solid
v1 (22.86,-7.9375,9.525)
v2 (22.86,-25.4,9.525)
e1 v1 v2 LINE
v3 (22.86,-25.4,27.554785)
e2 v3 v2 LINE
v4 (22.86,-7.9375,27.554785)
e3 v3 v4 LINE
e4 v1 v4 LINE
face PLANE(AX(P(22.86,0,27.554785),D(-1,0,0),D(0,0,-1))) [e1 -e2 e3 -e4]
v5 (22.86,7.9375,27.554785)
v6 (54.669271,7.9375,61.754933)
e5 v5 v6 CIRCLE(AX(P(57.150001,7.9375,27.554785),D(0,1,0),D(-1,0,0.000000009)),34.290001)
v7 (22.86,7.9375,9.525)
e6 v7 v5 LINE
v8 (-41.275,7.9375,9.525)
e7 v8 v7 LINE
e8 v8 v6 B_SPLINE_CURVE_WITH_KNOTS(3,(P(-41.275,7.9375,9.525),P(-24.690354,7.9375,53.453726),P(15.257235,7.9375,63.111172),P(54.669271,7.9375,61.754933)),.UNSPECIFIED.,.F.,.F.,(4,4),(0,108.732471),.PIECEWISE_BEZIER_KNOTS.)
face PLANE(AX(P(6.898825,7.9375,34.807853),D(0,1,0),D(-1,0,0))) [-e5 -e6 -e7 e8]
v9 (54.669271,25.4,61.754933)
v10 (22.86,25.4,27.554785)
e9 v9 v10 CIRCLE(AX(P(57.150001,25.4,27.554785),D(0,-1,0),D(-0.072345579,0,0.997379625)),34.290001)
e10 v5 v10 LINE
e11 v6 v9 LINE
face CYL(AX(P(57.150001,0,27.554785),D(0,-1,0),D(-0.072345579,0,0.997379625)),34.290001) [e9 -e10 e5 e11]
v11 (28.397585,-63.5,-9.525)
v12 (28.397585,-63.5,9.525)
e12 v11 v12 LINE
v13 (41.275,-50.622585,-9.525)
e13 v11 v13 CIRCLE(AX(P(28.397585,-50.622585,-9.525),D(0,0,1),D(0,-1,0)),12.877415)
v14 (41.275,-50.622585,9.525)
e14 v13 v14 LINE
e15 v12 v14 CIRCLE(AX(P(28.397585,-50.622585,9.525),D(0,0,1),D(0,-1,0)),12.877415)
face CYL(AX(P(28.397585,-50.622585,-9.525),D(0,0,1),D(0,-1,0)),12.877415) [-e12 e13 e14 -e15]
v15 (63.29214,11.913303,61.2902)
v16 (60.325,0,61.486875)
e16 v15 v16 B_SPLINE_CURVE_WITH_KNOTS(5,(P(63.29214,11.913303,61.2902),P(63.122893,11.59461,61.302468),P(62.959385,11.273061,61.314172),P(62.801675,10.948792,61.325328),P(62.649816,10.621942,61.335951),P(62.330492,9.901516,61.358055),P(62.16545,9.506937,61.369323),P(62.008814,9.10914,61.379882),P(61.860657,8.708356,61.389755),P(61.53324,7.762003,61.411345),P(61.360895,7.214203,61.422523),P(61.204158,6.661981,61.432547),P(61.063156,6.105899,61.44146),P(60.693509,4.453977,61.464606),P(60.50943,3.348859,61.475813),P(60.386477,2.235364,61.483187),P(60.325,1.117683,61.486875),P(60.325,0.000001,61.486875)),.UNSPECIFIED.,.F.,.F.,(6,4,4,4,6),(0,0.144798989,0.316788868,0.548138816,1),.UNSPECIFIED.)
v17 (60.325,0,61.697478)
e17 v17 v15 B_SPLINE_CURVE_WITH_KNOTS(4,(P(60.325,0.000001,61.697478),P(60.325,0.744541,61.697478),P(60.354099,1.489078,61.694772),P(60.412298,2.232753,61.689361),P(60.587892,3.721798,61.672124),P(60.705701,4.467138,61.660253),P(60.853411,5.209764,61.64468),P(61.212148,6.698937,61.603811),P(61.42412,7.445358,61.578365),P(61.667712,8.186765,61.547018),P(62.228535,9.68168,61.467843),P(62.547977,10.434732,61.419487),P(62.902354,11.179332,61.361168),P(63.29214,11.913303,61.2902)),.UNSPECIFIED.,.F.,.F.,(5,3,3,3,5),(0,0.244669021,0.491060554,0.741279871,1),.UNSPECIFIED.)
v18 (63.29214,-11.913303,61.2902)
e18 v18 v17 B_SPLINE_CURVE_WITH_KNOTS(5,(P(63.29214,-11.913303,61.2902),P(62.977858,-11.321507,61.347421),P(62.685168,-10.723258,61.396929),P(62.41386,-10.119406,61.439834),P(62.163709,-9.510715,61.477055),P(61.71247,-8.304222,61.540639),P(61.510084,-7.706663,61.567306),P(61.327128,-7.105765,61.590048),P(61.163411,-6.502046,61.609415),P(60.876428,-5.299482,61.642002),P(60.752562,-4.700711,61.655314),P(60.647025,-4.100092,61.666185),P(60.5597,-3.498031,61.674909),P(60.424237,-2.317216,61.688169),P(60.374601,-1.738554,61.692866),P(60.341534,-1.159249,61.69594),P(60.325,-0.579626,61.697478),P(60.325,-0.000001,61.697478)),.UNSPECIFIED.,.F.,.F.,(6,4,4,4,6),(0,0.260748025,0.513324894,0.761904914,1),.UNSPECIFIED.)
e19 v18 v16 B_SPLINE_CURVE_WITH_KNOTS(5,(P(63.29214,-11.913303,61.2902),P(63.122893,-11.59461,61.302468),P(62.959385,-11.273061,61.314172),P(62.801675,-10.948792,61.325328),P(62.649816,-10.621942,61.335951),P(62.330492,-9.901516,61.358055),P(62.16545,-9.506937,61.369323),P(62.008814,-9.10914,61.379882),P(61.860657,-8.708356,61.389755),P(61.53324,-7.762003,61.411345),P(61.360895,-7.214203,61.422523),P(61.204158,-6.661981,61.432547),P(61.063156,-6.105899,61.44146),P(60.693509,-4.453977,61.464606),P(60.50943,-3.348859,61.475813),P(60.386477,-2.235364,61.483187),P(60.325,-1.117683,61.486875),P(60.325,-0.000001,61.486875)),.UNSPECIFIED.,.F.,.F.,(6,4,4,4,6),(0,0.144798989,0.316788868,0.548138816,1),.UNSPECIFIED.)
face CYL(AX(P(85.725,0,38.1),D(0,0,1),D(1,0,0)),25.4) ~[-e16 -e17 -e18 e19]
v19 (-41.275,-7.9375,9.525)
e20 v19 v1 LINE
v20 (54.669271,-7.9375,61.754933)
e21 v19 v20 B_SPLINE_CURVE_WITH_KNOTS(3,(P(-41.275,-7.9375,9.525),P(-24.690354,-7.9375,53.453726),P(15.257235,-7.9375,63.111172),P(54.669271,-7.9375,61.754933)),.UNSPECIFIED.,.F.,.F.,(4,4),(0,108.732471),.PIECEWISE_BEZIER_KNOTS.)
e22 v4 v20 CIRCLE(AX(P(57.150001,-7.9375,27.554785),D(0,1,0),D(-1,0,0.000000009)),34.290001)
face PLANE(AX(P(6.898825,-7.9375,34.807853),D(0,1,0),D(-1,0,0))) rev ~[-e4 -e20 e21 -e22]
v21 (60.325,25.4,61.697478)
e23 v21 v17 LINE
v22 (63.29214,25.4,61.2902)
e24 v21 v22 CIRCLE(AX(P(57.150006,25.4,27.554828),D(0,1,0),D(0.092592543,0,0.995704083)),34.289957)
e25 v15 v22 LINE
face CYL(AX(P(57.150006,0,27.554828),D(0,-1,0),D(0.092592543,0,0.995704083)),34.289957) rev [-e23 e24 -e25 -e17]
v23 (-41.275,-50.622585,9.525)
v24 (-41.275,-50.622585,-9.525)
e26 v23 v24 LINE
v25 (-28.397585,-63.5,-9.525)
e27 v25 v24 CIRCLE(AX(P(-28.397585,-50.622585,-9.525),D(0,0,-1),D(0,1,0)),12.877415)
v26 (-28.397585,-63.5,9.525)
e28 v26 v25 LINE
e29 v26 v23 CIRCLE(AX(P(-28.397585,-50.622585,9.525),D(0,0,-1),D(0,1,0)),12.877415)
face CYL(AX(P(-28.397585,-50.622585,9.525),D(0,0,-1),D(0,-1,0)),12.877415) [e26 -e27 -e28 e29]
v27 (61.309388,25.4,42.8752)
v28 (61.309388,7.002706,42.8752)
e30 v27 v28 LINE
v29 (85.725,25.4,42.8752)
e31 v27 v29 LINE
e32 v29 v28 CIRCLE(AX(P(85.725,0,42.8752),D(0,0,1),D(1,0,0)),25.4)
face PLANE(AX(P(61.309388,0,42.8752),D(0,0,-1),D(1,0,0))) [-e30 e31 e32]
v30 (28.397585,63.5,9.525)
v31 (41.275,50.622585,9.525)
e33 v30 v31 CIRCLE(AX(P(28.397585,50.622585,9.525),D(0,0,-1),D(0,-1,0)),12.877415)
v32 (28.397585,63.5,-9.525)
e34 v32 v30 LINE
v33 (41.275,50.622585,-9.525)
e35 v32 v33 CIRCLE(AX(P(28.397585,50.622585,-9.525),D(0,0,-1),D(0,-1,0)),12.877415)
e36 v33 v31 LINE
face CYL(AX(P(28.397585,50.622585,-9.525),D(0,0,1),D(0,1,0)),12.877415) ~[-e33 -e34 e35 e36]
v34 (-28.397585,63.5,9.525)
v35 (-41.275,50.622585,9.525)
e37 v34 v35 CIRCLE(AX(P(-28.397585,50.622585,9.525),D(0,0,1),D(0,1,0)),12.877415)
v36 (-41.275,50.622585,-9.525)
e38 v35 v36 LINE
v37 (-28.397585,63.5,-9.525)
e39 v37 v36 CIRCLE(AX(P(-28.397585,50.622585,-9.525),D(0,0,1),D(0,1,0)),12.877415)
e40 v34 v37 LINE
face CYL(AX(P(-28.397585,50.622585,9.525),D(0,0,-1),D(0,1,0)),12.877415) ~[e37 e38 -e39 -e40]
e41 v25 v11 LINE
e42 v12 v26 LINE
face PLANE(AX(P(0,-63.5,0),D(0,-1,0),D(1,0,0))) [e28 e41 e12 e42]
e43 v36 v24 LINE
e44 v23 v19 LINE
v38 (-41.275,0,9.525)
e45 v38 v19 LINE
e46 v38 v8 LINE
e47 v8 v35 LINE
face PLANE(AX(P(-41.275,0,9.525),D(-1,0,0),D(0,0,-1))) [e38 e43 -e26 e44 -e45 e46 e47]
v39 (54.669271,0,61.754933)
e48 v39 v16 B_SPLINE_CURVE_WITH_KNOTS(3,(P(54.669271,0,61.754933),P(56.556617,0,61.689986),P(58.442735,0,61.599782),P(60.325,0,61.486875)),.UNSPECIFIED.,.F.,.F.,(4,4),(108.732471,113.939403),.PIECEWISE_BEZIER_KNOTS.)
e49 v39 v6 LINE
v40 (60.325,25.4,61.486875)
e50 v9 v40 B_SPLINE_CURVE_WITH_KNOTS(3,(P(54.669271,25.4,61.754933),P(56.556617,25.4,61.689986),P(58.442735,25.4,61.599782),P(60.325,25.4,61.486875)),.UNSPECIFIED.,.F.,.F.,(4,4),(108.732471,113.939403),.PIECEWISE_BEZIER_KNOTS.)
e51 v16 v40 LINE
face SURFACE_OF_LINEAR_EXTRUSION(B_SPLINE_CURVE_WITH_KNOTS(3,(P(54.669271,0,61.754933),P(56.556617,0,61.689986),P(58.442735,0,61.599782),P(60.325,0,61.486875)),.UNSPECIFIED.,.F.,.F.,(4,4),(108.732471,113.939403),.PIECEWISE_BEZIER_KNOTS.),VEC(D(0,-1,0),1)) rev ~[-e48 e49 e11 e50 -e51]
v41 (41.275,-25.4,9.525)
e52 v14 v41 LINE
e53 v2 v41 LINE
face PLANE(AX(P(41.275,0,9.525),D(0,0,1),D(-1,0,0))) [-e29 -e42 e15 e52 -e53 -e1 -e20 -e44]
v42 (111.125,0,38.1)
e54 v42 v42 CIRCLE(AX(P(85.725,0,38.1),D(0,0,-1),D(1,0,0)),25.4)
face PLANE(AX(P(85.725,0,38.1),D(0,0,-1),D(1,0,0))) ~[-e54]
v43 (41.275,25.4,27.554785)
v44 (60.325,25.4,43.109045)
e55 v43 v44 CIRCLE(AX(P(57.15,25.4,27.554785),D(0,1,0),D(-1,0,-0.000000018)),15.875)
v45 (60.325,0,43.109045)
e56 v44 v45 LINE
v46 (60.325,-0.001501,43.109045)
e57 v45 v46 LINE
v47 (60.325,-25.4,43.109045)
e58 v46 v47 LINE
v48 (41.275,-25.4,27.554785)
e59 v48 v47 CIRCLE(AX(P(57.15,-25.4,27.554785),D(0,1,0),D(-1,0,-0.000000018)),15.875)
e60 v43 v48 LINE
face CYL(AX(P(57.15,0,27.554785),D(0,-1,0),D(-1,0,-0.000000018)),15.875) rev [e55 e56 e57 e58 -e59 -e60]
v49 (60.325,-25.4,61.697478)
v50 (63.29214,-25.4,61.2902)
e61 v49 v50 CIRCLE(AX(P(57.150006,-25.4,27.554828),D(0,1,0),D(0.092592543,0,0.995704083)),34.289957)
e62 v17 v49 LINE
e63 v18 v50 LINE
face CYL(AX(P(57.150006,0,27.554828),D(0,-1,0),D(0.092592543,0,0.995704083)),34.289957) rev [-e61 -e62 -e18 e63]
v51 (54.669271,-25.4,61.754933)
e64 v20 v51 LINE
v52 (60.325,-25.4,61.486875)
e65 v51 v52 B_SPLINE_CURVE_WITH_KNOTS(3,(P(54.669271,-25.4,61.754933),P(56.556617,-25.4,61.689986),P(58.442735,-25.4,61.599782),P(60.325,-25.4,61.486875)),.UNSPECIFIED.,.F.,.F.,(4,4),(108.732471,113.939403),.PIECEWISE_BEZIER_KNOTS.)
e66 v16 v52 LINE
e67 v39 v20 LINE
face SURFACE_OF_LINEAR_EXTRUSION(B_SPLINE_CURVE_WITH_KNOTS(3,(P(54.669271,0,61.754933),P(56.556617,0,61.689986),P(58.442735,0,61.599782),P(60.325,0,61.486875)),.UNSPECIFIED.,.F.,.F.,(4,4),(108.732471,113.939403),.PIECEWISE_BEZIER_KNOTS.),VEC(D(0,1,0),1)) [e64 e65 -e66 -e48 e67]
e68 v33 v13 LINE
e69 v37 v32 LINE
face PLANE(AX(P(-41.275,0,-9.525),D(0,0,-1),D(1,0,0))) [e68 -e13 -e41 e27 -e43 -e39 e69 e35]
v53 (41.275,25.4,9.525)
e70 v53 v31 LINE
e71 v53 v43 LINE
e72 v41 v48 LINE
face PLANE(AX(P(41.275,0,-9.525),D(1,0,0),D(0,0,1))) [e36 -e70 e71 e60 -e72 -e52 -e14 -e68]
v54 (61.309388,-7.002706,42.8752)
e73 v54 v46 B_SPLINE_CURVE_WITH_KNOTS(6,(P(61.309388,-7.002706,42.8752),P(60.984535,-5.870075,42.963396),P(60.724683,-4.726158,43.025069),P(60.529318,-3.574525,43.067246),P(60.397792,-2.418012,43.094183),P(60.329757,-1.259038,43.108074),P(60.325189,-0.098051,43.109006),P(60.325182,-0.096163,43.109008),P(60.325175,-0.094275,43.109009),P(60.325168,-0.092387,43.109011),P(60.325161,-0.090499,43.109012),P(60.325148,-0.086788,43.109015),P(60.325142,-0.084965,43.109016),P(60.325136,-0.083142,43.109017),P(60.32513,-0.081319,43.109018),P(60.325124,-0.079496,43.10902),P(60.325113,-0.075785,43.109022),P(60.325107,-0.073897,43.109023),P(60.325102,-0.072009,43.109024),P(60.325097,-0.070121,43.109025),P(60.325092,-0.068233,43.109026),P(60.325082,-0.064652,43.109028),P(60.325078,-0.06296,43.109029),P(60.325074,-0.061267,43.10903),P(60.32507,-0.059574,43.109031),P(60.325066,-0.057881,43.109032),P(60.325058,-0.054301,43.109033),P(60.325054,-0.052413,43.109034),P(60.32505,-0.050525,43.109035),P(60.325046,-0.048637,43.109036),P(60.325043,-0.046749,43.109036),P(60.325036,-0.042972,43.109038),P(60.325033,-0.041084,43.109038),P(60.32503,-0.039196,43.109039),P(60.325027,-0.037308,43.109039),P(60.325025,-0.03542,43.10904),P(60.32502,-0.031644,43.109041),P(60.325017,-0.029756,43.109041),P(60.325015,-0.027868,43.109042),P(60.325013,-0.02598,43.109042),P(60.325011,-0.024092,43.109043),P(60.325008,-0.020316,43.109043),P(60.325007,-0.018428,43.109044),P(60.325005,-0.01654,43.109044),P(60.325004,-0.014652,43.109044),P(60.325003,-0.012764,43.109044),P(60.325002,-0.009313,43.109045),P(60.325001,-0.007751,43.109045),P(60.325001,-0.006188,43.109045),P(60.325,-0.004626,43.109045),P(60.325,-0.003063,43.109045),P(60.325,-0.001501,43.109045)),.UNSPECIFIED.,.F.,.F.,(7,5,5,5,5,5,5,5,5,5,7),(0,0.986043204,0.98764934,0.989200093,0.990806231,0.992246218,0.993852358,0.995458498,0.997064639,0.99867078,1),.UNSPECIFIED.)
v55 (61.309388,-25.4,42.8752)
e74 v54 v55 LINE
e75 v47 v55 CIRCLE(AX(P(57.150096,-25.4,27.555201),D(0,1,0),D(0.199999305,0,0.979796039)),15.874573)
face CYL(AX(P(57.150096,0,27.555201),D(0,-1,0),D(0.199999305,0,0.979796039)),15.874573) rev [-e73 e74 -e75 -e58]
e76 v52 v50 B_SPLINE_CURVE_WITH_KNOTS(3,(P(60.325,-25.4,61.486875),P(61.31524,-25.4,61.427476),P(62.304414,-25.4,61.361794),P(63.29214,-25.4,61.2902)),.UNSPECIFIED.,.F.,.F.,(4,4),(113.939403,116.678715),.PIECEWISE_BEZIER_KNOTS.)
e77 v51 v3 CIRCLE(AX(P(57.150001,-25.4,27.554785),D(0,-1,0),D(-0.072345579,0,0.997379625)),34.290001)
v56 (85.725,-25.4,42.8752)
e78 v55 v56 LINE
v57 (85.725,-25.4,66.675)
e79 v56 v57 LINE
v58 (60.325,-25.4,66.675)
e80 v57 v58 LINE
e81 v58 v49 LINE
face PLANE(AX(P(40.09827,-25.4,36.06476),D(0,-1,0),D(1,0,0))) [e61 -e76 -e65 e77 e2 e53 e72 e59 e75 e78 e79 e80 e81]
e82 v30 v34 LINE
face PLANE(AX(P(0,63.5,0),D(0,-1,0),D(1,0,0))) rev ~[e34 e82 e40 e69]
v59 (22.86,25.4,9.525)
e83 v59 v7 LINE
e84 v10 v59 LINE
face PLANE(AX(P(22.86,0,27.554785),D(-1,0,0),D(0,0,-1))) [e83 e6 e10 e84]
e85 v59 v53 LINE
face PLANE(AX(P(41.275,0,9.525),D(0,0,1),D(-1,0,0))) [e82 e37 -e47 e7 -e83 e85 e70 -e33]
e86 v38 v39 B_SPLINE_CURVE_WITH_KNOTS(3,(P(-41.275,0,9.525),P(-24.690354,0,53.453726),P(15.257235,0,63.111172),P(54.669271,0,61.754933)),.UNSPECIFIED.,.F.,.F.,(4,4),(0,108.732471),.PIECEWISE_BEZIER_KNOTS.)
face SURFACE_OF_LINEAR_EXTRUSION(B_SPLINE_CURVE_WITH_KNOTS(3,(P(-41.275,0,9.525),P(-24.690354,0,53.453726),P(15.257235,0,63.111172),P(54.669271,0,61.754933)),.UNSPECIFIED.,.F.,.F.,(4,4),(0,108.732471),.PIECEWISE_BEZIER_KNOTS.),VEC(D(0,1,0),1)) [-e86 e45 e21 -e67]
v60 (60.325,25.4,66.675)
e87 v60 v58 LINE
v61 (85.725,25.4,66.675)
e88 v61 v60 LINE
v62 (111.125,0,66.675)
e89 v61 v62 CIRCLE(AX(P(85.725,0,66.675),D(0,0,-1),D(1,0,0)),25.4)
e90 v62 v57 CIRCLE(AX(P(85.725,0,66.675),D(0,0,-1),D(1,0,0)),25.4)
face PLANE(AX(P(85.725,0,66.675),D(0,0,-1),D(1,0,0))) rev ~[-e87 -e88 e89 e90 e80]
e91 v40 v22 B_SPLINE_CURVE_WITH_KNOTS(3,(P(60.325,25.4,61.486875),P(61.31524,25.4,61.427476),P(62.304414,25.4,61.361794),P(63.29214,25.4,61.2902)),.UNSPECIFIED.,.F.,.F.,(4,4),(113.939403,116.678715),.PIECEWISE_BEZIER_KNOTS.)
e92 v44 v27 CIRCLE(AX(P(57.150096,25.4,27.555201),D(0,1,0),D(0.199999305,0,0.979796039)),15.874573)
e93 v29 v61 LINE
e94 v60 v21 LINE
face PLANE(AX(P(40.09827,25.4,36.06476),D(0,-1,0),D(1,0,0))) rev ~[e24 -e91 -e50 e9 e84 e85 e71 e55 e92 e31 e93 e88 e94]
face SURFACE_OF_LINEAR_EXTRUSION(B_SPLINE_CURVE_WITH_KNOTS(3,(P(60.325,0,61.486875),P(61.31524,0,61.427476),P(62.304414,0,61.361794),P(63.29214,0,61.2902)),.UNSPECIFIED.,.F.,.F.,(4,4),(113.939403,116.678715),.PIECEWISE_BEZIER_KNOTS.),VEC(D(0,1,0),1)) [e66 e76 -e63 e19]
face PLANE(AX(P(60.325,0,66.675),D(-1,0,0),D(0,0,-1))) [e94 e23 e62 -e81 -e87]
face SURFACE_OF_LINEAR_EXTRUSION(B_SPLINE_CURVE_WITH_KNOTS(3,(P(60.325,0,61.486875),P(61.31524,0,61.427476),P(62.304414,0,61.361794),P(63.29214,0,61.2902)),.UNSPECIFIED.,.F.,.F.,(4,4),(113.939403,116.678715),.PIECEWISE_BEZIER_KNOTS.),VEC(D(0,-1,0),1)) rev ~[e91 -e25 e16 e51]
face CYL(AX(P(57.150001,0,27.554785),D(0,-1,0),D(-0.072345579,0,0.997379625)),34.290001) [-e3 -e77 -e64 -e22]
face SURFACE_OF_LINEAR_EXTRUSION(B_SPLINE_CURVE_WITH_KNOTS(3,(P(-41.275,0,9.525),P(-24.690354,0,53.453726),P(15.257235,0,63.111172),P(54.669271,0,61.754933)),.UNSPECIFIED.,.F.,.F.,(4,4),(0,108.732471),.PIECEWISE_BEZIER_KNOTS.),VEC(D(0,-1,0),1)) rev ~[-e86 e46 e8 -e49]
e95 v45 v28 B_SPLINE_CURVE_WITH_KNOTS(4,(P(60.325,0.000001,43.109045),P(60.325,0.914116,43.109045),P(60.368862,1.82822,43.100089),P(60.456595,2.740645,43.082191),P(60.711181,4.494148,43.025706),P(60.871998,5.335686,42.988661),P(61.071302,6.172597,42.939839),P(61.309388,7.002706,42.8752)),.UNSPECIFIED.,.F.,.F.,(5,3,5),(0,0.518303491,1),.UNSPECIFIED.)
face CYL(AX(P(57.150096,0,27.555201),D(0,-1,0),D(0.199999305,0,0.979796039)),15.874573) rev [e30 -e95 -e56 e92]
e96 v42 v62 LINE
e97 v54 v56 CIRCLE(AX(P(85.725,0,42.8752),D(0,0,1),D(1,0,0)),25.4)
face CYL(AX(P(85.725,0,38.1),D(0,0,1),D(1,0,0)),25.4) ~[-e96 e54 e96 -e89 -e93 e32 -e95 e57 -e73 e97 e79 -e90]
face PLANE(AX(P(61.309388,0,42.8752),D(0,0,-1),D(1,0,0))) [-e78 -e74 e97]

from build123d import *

# Parameters (mm, degrees)
F1_DEPTH = 63.5
F2_DEPTH = 25.4
F3_DEPTH = 7.9375
F5_R     = 12.877415


with BuildPart() as f1:
    # F0 (on Front) → F1 (new body, symmetric)
    with BuildSketch(Plane.XZ):
        Polygon((22.86, 9.525), (-41.275, 9.525), (-41.275, -9.525), (41.275, -9.525), (41.275, 9.525), align=None)
    extrude(amount=F1_DEPTH, both=True)

    # F0 (on Front) → F2 (join, symmetric)
    with BuildSketch(Plane.XZ):
        with BuildLine():
            Line((22.86, 27.554785), (22.86, 9.525))
            Line((22.86, 9.525), (41.275, 9.525))
            Line((41.275, 9.525), (41.275, 27.554785))
            ThreePointArc((41.275, 27.554785), (47.109768, 39.851507), (60.325, 43.109045))
            Line((60.325, 43.109045), (60.325, 61.486875))
            add(Edge.make_bspline(
                [(54.669271, 61.754933), (56.556617, 61.689986), (58.442735, 61.599782), (60.325, 61.486875)],
                knots=[108.732471, 108.732471, 108.732471, 108.732471, 113.939403, 113.939403, 113.939403, 113.939403], degree=3))
            ThreePointArc((54.669271, 61.754933), (32.041552, 50.907942), (22.86, 27.554785))
        make_face()
        with BuildLine():
            Line((60.325, 66.675), (60.325, 61.697478))
            ThreePointArc((60.325, 61.697478), (61.813019, 61.526249), (63.29214, 61.2902))
            add(Edge.make_bspline(
                [(60.325, 61.486875), (61.31524, 61.427476), (62.304414, 61.361794), (63.29214, 61.2902)],
                knots=[113.939403, 113.939403, 113.939403, 113.939403, 116.678715, 116.678715, 116.678715, 116.678715], degree=3))
            Line((60.325, 61.486875), (60.325, 43.109045))
            ThreePointArc((60.325, 43.109045), (60.819058, 42.999967), (61.309388, 42.8752))
            Line((61.309388, 42.8752), (85.725, 42.8752))
            Line((85.725, 42.8752), (85.725, 66.675))
            Line((85.725, 66.675), (60.325, 66.675))
        make_face()
    extrude(amount=F2_DEPTH, both=True)

    # F0 (on Front) → F3 (join, symmetric)
    with BuildSketch(Plane.XZ):
        with BuildLine():
            add(Edge.make_bspline(
                [(-41.275, 9.525), (-24.690354, 53.453726), (15.257235, 63.111172), (54.669271, 61.754933)],
                knots=[0, 0, 0, 0, 108.732471, 108.732471, 108.732471, 108.732471], degree=3))
            Line((-41.275, 9.525), (22.86, 9.525))
            Line((22.86, 9.525), (22.86, 27.554785))
            ThreePointArc((22.86, 27.554785), (32.041552, 50.907942), (54.669271, 61.754933))
        make_face()
    extrude(amount=F3_DEPTH, both=True)

    # F0 (on Front) → F4 (revolve)
    with BuildSketch(Plane.XZ):
        Polygon((111.125, 66.675), (85.725, 66.675), (85.725, 42.8752), (85.725, 38.1), (111.125, 38.1), align=None)
    revolve(axis=Axis((85.725, 0, 52.3875), (0, 0, -1)))

    # F5
    f5_edges = [f1.edges().sort_by_distance(p)[0] for p in [
        (41.275, -63.5, 0),
        (-41.275, -63.5, 0),
        (-41.275, 63.5, 0),
        (41.275, 63.5, 0),
    ]]
    fillet(f5_edges, radius=F5_R)


solid = f1.part
